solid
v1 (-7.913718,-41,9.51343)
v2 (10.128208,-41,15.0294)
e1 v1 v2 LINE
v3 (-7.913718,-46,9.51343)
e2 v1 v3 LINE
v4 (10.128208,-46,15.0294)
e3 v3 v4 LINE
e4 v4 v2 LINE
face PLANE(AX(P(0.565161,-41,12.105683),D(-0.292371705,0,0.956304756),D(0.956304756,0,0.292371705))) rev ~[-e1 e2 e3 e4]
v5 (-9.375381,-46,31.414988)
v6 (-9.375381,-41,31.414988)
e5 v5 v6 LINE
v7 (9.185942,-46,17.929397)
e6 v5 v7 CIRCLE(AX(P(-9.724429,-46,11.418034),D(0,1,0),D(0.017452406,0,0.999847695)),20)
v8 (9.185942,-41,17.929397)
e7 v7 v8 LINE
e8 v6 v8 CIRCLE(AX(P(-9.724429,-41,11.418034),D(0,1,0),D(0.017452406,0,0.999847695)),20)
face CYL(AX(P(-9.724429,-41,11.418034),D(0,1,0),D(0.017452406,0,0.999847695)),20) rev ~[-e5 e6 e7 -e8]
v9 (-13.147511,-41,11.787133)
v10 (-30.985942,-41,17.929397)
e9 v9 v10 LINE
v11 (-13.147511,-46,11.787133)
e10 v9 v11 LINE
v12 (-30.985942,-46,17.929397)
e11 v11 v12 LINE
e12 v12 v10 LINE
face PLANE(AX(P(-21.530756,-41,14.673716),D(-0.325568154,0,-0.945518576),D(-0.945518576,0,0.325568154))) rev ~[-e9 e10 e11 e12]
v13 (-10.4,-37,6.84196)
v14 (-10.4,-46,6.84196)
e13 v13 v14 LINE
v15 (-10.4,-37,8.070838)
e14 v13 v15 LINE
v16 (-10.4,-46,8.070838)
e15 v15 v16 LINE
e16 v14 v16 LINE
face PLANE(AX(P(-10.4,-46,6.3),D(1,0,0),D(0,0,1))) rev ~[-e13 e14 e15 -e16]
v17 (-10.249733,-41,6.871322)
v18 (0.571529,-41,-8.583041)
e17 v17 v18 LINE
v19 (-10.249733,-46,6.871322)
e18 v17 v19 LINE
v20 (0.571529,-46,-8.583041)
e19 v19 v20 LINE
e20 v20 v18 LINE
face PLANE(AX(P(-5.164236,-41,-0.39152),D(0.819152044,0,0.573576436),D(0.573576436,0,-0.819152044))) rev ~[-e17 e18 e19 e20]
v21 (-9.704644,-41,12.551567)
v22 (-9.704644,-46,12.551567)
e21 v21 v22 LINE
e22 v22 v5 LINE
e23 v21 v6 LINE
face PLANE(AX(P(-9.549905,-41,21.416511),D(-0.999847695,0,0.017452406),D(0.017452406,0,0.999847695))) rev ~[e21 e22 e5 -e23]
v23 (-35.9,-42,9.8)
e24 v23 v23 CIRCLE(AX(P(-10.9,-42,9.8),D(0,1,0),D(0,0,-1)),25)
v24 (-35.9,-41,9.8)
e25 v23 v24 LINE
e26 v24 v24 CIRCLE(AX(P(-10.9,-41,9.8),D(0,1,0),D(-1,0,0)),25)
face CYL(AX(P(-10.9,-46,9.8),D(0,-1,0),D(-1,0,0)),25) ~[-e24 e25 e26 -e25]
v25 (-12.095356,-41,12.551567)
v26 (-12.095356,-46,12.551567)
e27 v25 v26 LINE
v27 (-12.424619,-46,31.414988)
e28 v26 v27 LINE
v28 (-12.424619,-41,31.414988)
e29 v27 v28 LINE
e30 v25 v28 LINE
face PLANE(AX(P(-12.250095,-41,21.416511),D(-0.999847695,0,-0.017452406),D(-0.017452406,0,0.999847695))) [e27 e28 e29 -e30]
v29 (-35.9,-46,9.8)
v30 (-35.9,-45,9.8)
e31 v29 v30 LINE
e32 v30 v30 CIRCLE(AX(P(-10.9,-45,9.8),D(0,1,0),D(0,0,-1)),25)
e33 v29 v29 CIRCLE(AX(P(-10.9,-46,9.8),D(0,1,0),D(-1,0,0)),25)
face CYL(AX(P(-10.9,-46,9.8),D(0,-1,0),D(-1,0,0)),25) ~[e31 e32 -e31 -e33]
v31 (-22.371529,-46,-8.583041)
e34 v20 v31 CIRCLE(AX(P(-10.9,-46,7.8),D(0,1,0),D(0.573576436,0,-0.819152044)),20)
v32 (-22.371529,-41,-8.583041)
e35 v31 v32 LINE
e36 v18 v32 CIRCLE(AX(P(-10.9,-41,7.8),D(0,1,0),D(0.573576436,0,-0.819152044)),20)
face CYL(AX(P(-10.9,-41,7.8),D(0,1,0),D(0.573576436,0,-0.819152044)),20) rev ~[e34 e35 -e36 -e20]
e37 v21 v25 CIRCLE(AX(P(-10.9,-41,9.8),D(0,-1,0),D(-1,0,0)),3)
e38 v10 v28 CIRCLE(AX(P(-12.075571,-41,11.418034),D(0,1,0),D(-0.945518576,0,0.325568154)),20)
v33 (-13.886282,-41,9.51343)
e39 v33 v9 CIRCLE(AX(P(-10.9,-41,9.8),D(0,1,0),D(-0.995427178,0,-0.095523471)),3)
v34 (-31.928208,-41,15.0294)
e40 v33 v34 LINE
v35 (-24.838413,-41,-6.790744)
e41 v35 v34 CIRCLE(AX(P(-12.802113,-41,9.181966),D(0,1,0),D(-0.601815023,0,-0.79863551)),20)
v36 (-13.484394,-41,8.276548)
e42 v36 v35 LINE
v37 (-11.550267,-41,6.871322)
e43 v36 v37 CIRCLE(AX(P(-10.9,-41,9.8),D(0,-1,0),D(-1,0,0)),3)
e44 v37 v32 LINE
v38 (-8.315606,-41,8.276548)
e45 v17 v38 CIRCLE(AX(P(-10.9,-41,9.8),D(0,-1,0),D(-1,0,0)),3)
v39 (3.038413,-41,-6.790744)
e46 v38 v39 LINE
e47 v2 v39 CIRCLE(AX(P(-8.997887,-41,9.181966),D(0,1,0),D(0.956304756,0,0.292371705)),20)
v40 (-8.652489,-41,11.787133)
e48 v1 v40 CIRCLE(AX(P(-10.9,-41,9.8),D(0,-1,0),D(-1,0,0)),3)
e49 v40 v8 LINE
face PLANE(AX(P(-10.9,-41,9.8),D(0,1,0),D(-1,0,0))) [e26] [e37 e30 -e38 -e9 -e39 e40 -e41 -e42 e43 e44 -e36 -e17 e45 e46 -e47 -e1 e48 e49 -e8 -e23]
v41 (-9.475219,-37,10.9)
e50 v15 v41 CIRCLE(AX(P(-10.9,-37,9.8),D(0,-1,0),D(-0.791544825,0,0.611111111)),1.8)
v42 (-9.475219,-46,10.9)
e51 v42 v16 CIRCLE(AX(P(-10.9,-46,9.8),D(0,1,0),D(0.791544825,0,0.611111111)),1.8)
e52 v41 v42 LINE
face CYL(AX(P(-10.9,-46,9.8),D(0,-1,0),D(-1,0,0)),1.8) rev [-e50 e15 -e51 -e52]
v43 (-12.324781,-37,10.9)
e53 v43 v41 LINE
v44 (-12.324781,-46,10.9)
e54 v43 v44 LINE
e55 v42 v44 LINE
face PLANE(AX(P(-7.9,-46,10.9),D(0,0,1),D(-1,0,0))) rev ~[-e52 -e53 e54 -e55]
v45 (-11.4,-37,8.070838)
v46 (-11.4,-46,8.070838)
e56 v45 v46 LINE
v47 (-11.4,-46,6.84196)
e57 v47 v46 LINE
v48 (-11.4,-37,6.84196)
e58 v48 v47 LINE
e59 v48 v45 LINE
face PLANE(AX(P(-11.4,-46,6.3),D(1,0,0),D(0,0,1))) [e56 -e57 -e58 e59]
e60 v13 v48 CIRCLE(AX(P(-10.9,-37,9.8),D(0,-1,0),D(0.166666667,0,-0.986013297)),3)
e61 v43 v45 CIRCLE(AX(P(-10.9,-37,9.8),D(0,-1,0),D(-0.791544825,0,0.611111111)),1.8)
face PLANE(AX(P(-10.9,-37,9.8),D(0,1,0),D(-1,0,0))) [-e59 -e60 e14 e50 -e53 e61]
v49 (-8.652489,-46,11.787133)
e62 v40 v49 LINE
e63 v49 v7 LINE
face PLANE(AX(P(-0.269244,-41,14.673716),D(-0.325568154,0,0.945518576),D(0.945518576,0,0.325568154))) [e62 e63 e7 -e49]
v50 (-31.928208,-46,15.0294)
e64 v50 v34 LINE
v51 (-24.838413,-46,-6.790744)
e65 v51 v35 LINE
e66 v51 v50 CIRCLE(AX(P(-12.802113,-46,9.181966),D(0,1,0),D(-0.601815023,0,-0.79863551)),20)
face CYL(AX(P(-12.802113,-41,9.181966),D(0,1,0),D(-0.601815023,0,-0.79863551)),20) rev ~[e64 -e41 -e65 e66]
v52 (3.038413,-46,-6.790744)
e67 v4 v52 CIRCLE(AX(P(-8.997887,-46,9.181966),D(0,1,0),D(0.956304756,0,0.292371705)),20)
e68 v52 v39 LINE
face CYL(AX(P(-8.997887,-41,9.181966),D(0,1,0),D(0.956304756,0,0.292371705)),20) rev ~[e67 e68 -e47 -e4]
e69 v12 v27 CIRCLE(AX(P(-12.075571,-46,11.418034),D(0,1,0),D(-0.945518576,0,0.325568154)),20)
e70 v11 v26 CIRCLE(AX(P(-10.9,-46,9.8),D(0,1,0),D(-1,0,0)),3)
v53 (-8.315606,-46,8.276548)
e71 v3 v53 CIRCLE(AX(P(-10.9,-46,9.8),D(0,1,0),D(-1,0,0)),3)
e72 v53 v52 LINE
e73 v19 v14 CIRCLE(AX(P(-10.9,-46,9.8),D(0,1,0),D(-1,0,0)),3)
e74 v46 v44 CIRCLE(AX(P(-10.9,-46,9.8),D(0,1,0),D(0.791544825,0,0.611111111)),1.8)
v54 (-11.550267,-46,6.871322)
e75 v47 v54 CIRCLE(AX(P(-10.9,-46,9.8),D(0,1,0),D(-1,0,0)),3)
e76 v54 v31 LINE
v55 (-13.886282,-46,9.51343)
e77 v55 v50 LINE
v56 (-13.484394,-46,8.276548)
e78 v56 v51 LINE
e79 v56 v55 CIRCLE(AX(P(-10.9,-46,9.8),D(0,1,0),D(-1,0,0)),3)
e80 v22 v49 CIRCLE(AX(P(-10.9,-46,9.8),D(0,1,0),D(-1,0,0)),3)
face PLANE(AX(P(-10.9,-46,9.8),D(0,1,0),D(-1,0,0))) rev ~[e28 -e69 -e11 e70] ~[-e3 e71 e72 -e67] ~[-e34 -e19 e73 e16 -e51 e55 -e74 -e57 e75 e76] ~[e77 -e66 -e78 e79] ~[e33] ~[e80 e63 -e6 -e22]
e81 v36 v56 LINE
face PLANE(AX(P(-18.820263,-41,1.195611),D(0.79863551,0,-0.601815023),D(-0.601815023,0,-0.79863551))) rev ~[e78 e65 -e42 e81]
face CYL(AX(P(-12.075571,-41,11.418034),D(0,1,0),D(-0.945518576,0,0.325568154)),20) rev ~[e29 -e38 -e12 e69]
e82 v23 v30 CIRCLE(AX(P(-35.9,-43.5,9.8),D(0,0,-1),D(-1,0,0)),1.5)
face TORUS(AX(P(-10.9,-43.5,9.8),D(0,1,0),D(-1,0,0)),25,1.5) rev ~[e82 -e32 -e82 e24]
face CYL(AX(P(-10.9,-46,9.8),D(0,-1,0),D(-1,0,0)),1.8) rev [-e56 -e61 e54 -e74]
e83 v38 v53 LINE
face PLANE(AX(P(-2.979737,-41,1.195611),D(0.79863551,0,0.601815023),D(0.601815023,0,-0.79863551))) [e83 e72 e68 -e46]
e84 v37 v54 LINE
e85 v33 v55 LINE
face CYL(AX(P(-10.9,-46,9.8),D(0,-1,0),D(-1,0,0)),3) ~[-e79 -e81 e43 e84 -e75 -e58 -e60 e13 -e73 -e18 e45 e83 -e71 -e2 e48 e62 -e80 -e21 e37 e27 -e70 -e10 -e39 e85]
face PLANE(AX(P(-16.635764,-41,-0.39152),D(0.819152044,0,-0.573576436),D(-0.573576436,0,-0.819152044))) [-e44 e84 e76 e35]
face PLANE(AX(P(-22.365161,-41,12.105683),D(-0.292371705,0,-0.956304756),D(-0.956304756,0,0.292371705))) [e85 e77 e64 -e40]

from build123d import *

# Parameters (mm, degrees)
BOX003_W                    = 10
BOX003_H                    = 10
BOX003_DEPTH                = 10
CYLINDER002_R               = 1.8
CYLINDER002_DEPTH           = 9
BOX030_W                    = 1
BOX030_H                    = 2
BOX030_DEPTH                = 9
CYLINDER010_R               = 3
CYLINDER010_DEPTH           = 9
CYLINDER012_W               = 20
CYLINDER012_H               = 10
CYLINDER012_ANGLE           = 70
CYLINDER012_PLACEMENT_ANGLE = 235
ARRAY_COUNT                 = 5
TORUS_R                     = 1.5
CYLINDER_R                  = 25
CYLINDER_DEPTH              = 5
CUT024_ROLL_ANGLE           = 90
CUT024_PLACEMENT_ANGLE      = 180


with BuildPart() as cube002:
    # Box003 → Box003 (new body)
    with BuildSketch(Plane(origin=(-3, 1.1, 0), x_dir=(1, 0, 0), z_dir=(0, 0, 1))):
        with Locations((5, 5)):
            Rectangle(BOX003_W, BOX003_H)
    extrude(amount=BOX003_DEPTH)


with BuildPart() as shafthole:
    # Cylinder002 → Cylinder002 (new body)
    with BuildSketch(Plane.XY):
        Circle(CYLINDER002_R)
    extrude(amount=CYLINDER002_DEPTH)

    # Cut002: cut Cube002
    add(cube002.part, mode=Mode.SUBTRACT)


with BuildPart() as fusion015:
    # Box030 → Box030 (new body)
    with BuildSketch(Plane(origin=(-0.5, -3.5, 0), x_dir=(1, 0, 0), z_dir=(0, 0, 1))):
        with Locations((0.5, 1)):
            Rectangle(BOX030_W, BOX030_H)
    extrude(amount=BOX030_DEPTH)

    # Fusion015: union shaftHole
    add(shafthole.part)


with BuildPart() as cylinder010:
    # Cylinder010 → Cylinder010 (new body)
    with BuildSketch(Plane.XY):
        Circle(CYLINDER010_R)
    extrude(amount=CYLINDER010_DEPTH)


with BuildPart() as array022:
    # Cylinder012 → Cylinder012 (revolve)
    with BuildSketch(Plane.XZ):
        with Locations((10, 5)):
            Rectangle(CYLINDER012_W, CYLINDER012_H)
    revolve(axis=Axis((0, 0, 0), (0, 0, 1)), revolution_arc=CYLINDER012_ANGLE)


with BuildPart() as array022_1:
    # Cylinder012 placement: moved
    add(array022.part.moved(Location((0, -2, 0))).rotate(Axis((0, -2, 0), (0, 0, 1)), CYLINDER012_PLACEMENT_ANGLE))

    # Array: Array022 ×5 about axis
    array_axis = Axis((0, 0, 0), (0, 0, 1))


with BuildPart() as array022_2:
    add(array022_1.part)
    for i in range(1, ARRAY_COUNT):
        add(array022_1.part.rotate(array_axis, i * 360 / ARRAY_COUNT))


with BuildPart() as torus:
    # Torus → Torus (revolve)
    with BuildSketch(Plane(origin=(0, 0, 2.5), x_dir=(1, 0, 0), z_dir=(0, -1, 0))):
        with Locations((25, 0)):
            Circle(TORUS_R)
    revolve(axis=Axis((0, 0, 2.5), (0, 0, 1)))


with BuildPart() as wheel:
    # Cylinder → Cylinder (new body)
    with BuildSketch(Plane.XY):
        Circle(CYLINDER_R)
    extrude(amount=CYLINDER_DEPTH)

    # Cut001: cut Torus
    add(torus.part, mode=Mode.SUBTRACT)

    # Cut023: cut Array022
    add(array022_2.part, mode=Mode.SUBTRACT)

    # Fusion016: union Cylinder010
    add(cylinder010.part)

    # Cut024: cut Fusion015
    add(fusion015.part, mode=Mode.SUBTRACT)


with BuildPart() as wheel_1:
    # Cut024 roll: moved
    add(wheel.part.rotate(Axis((0, 0, 0), (1, 0, 0)), CUT024_ROLL_ANGLE))


with BuildPart() as wheel_2:
    # Cut024 placement: moved
    add(wheel_1.part.moved(Location((-10.9, -46, 9.8))).rotate(Axis((-10.9, -46, 9.8), (0, 0, 1)), CUT024_PLACEMENT_ANGLE))


solid = wheel_2.part
